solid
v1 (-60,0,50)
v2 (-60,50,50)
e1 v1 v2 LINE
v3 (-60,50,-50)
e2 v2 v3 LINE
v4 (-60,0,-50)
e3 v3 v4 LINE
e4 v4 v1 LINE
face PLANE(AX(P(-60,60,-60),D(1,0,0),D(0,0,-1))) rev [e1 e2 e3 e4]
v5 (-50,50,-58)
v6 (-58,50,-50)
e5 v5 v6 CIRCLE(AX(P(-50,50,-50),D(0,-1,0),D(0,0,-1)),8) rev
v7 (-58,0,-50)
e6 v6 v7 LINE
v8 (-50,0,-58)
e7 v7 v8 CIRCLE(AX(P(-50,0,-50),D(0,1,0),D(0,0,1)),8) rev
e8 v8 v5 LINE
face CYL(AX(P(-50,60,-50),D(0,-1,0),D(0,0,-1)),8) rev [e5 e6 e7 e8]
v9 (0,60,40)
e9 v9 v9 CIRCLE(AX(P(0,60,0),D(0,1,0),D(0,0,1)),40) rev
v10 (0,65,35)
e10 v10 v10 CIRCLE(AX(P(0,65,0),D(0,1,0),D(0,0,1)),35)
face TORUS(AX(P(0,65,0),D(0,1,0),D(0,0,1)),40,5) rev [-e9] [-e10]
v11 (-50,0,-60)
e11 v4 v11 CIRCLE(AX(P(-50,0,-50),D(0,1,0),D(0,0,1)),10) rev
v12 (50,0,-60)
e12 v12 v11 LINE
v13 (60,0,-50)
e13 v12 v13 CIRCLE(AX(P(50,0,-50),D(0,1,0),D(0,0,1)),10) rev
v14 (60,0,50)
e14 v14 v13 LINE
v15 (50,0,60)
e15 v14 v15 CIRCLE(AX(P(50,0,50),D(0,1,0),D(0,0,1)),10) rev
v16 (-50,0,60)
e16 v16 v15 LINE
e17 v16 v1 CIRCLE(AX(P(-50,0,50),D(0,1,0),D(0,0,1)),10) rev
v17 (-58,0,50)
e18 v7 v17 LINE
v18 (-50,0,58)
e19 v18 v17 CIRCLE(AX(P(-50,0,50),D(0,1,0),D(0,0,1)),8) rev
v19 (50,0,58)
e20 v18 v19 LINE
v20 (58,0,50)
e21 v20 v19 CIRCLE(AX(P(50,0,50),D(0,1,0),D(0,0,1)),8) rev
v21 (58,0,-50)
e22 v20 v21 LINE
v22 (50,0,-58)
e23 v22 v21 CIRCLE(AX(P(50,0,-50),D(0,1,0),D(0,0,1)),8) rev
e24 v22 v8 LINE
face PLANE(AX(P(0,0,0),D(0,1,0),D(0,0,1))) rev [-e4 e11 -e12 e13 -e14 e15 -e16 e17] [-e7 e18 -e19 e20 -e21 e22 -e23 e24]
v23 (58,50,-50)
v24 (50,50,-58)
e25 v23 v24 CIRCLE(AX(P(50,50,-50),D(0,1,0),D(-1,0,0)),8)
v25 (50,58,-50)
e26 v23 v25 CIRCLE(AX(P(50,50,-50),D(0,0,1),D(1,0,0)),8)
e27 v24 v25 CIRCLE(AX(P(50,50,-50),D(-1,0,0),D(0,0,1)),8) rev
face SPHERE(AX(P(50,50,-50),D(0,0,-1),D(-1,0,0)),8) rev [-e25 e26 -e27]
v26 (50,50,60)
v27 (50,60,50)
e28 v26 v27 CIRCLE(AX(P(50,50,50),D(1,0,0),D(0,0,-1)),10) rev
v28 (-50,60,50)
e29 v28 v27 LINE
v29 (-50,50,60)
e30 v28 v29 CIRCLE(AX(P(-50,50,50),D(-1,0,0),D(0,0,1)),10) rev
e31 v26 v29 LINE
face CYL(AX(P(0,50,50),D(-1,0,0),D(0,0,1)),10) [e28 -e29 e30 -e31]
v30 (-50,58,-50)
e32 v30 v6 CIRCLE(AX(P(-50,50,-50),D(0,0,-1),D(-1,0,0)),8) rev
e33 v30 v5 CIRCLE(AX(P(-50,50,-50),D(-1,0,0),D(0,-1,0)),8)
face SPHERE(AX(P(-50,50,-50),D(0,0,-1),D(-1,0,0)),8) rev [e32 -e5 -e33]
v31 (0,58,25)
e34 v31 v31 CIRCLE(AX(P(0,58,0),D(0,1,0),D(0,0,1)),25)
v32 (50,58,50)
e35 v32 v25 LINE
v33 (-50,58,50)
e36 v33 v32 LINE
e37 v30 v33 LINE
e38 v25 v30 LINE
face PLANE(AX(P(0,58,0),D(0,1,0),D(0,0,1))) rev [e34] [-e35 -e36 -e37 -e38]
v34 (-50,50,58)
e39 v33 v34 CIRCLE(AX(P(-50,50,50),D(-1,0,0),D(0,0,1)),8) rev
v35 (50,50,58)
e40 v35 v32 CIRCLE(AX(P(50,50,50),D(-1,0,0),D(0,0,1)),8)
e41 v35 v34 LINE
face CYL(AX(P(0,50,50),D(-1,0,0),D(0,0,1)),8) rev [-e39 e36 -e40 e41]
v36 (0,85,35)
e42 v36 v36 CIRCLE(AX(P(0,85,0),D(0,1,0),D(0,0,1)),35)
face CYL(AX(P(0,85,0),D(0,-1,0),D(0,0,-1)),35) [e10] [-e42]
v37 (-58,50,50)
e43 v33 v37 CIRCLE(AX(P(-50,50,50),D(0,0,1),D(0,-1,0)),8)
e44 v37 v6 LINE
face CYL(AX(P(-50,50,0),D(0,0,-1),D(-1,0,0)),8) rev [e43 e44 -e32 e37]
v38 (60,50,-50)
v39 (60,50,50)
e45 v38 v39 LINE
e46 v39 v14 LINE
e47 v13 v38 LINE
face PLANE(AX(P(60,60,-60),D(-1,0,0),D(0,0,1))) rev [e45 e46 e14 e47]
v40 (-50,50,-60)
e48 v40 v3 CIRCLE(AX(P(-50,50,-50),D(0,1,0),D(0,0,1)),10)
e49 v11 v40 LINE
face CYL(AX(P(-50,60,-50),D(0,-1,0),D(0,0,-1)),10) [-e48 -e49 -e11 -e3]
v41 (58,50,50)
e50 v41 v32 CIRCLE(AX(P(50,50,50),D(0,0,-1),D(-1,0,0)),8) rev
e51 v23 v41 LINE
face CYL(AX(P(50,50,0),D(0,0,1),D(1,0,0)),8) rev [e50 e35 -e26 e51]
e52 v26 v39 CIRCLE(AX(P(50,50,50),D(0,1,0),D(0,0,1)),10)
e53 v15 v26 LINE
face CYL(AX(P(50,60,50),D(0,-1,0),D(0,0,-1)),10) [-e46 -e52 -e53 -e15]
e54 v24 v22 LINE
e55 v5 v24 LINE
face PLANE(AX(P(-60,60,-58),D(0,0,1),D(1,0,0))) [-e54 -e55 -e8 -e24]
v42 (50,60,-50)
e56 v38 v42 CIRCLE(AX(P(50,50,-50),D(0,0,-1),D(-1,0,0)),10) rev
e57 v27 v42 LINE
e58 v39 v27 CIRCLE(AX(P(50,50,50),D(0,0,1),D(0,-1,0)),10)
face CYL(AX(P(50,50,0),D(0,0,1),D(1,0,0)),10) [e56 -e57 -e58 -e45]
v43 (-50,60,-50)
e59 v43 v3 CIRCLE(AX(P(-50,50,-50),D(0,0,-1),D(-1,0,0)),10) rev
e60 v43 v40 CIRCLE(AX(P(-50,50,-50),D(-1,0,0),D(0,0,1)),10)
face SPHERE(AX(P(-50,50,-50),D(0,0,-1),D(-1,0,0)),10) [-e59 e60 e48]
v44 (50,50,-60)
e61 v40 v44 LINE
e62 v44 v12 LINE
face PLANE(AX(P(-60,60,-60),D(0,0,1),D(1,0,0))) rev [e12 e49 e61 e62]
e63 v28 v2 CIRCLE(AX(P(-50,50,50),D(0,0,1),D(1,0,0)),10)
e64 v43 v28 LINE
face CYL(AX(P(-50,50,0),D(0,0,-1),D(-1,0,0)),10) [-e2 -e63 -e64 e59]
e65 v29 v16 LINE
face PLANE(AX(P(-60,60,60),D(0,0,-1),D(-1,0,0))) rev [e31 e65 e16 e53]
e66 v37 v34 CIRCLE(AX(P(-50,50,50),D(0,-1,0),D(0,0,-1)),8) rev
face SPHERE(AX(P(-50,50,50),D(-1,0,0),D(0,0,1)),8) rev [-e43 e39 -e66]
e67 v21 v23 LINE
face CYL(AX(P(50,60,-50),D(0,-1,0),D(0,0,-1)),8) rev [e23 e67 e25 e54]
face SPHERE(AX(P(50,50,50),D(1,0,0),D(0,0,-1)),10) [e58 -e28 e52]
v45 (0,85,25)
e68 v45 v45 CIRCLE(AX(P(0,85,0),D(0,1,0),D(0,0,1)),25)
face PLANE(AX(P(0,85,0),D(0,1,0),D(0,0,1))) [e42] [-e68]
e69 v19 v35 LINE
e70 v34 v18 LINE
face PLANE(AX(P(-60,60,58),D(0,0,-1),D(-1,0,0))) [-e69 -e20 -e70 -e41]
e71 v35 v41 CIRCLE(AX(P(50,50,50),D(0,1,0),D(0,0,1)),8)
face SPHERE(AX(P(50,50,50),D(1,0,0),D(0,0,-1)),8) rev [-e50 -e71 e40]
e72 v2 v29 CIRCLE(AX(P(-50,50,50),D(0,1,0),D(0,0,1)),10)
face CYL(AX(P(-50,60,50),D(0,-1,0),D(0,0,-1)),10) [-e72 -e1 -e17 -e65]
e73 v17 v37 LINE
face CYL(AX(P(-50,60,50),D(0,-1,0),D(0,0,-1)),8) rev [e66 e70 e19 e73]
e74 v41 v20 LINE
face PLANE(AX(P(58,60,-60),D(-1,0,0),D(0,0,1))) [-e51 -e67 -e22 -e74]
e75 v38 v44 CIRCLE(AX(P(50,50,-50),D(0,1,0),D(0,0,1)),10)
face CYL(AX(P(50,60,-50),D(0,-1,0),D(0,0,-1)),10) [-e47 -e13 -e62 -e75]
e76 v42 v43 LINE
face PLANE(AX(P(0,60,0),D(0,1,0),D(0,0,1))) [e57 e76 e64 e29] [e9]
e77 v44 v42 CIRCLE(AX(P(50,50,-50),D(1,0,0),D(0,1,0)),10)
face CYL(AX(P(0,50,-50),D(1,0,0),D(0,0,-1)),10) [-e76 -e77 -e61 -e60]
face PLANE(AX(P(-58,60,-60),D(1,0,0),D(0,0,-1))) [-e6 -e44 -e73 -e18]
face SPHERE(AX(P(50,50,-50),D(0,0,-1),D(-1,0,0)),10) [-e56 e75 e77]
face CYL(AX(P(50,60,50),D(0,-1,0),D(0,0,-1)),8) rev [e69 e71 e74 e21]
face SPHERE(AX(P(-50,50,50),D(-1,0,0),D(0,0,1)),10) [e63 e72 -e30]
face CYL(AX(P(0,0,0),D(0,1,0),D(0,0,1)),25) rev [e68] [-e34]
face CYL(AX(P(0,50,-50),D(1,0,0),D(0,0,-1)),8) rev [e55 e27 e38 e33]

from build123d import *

# Parameters (mm, degrees)
CROQUIS2_W              = 120
CROQUIS2_H              = 120
SALIENTE_EXTRUIR1_DEPTH = 60
REDONDEO1_R             = 10
VACIADO1_T              = -2
CROQUIS3_R              = 35
SALIENTE_EXTRUIR2_DEPTH = 25
CROQUIS4_R              = 25
CORTAR_EXTRUIR1_DEPTH   = 86
REDONDEO2_R             = 5


with BuildPart() as part:
    # Croquis2 → Saliente-Extruir1 (new body)
    with BuildSketch(Plane(origin=(0, 0, 0), x_dir=(1, 0, 0), z_dir=(0, 1, 0))):
        Rectangle(CROQUIS2_W, CROQUIS2_H)
    extrude(amount=SALIENTE_EXTRUIR1_DEPTH)

    # Redondeo1
    redondeo1_edges = [part.edges().sort_by_distance(p)[0] for p in [
        (-60, 60, 0),
        (0, 60, 60),
        (60, 60, 0),
        (60, 30, 60),
        (-60, 30, 60),
        (-60, 30, -60),
        (60, 30, -60),
        (0, 60, -60),
    ]]
    fillet(redondeo1_edges, radius=REDONDEO1_R)

    # Vaciado1
    vaciado1_openings = [part.faces().sort_by_distance(p)[0] for p in [
        (0, 0, 0),
    ]]
    offset(amount=VACIADO1_T, openings=vaciado1_openings, kind=Kind.INTERSECTION)

    # Croquis3 → Saliente-Extruir2 (add)
    with BuildSketch(Plane(origin=(0, 60, 0), x_dir=(1, 0, 0), z_dir=(0, 1, 0))):
        Circle(CROQUIS3_R)
    extrude(amount=SALIENTE_EXTRUIR2_DEPTH)

    # Croquis4 → Cortar-Extruir1 (cut, through all)
    with BuildSketch(Plane(origin=(0, 85, 0), x_dir=(1, 0, 0), z_dir=(0, 1, 0))):
        Circle(CROQUIS4_R)
    extrude(amount=-CORTAR_EXTRUIR1_DEPTH, mode=Mode.SUBTRACT)

    # Redondeo2
    redondeo2_edges = [part.edges().sort_by_distance(p)[0] for p in [
        (-35, 60, 0),
    ]]
    fillet(redondeo2_edges, radius=REDONDEO2_R)


solid = part.part
